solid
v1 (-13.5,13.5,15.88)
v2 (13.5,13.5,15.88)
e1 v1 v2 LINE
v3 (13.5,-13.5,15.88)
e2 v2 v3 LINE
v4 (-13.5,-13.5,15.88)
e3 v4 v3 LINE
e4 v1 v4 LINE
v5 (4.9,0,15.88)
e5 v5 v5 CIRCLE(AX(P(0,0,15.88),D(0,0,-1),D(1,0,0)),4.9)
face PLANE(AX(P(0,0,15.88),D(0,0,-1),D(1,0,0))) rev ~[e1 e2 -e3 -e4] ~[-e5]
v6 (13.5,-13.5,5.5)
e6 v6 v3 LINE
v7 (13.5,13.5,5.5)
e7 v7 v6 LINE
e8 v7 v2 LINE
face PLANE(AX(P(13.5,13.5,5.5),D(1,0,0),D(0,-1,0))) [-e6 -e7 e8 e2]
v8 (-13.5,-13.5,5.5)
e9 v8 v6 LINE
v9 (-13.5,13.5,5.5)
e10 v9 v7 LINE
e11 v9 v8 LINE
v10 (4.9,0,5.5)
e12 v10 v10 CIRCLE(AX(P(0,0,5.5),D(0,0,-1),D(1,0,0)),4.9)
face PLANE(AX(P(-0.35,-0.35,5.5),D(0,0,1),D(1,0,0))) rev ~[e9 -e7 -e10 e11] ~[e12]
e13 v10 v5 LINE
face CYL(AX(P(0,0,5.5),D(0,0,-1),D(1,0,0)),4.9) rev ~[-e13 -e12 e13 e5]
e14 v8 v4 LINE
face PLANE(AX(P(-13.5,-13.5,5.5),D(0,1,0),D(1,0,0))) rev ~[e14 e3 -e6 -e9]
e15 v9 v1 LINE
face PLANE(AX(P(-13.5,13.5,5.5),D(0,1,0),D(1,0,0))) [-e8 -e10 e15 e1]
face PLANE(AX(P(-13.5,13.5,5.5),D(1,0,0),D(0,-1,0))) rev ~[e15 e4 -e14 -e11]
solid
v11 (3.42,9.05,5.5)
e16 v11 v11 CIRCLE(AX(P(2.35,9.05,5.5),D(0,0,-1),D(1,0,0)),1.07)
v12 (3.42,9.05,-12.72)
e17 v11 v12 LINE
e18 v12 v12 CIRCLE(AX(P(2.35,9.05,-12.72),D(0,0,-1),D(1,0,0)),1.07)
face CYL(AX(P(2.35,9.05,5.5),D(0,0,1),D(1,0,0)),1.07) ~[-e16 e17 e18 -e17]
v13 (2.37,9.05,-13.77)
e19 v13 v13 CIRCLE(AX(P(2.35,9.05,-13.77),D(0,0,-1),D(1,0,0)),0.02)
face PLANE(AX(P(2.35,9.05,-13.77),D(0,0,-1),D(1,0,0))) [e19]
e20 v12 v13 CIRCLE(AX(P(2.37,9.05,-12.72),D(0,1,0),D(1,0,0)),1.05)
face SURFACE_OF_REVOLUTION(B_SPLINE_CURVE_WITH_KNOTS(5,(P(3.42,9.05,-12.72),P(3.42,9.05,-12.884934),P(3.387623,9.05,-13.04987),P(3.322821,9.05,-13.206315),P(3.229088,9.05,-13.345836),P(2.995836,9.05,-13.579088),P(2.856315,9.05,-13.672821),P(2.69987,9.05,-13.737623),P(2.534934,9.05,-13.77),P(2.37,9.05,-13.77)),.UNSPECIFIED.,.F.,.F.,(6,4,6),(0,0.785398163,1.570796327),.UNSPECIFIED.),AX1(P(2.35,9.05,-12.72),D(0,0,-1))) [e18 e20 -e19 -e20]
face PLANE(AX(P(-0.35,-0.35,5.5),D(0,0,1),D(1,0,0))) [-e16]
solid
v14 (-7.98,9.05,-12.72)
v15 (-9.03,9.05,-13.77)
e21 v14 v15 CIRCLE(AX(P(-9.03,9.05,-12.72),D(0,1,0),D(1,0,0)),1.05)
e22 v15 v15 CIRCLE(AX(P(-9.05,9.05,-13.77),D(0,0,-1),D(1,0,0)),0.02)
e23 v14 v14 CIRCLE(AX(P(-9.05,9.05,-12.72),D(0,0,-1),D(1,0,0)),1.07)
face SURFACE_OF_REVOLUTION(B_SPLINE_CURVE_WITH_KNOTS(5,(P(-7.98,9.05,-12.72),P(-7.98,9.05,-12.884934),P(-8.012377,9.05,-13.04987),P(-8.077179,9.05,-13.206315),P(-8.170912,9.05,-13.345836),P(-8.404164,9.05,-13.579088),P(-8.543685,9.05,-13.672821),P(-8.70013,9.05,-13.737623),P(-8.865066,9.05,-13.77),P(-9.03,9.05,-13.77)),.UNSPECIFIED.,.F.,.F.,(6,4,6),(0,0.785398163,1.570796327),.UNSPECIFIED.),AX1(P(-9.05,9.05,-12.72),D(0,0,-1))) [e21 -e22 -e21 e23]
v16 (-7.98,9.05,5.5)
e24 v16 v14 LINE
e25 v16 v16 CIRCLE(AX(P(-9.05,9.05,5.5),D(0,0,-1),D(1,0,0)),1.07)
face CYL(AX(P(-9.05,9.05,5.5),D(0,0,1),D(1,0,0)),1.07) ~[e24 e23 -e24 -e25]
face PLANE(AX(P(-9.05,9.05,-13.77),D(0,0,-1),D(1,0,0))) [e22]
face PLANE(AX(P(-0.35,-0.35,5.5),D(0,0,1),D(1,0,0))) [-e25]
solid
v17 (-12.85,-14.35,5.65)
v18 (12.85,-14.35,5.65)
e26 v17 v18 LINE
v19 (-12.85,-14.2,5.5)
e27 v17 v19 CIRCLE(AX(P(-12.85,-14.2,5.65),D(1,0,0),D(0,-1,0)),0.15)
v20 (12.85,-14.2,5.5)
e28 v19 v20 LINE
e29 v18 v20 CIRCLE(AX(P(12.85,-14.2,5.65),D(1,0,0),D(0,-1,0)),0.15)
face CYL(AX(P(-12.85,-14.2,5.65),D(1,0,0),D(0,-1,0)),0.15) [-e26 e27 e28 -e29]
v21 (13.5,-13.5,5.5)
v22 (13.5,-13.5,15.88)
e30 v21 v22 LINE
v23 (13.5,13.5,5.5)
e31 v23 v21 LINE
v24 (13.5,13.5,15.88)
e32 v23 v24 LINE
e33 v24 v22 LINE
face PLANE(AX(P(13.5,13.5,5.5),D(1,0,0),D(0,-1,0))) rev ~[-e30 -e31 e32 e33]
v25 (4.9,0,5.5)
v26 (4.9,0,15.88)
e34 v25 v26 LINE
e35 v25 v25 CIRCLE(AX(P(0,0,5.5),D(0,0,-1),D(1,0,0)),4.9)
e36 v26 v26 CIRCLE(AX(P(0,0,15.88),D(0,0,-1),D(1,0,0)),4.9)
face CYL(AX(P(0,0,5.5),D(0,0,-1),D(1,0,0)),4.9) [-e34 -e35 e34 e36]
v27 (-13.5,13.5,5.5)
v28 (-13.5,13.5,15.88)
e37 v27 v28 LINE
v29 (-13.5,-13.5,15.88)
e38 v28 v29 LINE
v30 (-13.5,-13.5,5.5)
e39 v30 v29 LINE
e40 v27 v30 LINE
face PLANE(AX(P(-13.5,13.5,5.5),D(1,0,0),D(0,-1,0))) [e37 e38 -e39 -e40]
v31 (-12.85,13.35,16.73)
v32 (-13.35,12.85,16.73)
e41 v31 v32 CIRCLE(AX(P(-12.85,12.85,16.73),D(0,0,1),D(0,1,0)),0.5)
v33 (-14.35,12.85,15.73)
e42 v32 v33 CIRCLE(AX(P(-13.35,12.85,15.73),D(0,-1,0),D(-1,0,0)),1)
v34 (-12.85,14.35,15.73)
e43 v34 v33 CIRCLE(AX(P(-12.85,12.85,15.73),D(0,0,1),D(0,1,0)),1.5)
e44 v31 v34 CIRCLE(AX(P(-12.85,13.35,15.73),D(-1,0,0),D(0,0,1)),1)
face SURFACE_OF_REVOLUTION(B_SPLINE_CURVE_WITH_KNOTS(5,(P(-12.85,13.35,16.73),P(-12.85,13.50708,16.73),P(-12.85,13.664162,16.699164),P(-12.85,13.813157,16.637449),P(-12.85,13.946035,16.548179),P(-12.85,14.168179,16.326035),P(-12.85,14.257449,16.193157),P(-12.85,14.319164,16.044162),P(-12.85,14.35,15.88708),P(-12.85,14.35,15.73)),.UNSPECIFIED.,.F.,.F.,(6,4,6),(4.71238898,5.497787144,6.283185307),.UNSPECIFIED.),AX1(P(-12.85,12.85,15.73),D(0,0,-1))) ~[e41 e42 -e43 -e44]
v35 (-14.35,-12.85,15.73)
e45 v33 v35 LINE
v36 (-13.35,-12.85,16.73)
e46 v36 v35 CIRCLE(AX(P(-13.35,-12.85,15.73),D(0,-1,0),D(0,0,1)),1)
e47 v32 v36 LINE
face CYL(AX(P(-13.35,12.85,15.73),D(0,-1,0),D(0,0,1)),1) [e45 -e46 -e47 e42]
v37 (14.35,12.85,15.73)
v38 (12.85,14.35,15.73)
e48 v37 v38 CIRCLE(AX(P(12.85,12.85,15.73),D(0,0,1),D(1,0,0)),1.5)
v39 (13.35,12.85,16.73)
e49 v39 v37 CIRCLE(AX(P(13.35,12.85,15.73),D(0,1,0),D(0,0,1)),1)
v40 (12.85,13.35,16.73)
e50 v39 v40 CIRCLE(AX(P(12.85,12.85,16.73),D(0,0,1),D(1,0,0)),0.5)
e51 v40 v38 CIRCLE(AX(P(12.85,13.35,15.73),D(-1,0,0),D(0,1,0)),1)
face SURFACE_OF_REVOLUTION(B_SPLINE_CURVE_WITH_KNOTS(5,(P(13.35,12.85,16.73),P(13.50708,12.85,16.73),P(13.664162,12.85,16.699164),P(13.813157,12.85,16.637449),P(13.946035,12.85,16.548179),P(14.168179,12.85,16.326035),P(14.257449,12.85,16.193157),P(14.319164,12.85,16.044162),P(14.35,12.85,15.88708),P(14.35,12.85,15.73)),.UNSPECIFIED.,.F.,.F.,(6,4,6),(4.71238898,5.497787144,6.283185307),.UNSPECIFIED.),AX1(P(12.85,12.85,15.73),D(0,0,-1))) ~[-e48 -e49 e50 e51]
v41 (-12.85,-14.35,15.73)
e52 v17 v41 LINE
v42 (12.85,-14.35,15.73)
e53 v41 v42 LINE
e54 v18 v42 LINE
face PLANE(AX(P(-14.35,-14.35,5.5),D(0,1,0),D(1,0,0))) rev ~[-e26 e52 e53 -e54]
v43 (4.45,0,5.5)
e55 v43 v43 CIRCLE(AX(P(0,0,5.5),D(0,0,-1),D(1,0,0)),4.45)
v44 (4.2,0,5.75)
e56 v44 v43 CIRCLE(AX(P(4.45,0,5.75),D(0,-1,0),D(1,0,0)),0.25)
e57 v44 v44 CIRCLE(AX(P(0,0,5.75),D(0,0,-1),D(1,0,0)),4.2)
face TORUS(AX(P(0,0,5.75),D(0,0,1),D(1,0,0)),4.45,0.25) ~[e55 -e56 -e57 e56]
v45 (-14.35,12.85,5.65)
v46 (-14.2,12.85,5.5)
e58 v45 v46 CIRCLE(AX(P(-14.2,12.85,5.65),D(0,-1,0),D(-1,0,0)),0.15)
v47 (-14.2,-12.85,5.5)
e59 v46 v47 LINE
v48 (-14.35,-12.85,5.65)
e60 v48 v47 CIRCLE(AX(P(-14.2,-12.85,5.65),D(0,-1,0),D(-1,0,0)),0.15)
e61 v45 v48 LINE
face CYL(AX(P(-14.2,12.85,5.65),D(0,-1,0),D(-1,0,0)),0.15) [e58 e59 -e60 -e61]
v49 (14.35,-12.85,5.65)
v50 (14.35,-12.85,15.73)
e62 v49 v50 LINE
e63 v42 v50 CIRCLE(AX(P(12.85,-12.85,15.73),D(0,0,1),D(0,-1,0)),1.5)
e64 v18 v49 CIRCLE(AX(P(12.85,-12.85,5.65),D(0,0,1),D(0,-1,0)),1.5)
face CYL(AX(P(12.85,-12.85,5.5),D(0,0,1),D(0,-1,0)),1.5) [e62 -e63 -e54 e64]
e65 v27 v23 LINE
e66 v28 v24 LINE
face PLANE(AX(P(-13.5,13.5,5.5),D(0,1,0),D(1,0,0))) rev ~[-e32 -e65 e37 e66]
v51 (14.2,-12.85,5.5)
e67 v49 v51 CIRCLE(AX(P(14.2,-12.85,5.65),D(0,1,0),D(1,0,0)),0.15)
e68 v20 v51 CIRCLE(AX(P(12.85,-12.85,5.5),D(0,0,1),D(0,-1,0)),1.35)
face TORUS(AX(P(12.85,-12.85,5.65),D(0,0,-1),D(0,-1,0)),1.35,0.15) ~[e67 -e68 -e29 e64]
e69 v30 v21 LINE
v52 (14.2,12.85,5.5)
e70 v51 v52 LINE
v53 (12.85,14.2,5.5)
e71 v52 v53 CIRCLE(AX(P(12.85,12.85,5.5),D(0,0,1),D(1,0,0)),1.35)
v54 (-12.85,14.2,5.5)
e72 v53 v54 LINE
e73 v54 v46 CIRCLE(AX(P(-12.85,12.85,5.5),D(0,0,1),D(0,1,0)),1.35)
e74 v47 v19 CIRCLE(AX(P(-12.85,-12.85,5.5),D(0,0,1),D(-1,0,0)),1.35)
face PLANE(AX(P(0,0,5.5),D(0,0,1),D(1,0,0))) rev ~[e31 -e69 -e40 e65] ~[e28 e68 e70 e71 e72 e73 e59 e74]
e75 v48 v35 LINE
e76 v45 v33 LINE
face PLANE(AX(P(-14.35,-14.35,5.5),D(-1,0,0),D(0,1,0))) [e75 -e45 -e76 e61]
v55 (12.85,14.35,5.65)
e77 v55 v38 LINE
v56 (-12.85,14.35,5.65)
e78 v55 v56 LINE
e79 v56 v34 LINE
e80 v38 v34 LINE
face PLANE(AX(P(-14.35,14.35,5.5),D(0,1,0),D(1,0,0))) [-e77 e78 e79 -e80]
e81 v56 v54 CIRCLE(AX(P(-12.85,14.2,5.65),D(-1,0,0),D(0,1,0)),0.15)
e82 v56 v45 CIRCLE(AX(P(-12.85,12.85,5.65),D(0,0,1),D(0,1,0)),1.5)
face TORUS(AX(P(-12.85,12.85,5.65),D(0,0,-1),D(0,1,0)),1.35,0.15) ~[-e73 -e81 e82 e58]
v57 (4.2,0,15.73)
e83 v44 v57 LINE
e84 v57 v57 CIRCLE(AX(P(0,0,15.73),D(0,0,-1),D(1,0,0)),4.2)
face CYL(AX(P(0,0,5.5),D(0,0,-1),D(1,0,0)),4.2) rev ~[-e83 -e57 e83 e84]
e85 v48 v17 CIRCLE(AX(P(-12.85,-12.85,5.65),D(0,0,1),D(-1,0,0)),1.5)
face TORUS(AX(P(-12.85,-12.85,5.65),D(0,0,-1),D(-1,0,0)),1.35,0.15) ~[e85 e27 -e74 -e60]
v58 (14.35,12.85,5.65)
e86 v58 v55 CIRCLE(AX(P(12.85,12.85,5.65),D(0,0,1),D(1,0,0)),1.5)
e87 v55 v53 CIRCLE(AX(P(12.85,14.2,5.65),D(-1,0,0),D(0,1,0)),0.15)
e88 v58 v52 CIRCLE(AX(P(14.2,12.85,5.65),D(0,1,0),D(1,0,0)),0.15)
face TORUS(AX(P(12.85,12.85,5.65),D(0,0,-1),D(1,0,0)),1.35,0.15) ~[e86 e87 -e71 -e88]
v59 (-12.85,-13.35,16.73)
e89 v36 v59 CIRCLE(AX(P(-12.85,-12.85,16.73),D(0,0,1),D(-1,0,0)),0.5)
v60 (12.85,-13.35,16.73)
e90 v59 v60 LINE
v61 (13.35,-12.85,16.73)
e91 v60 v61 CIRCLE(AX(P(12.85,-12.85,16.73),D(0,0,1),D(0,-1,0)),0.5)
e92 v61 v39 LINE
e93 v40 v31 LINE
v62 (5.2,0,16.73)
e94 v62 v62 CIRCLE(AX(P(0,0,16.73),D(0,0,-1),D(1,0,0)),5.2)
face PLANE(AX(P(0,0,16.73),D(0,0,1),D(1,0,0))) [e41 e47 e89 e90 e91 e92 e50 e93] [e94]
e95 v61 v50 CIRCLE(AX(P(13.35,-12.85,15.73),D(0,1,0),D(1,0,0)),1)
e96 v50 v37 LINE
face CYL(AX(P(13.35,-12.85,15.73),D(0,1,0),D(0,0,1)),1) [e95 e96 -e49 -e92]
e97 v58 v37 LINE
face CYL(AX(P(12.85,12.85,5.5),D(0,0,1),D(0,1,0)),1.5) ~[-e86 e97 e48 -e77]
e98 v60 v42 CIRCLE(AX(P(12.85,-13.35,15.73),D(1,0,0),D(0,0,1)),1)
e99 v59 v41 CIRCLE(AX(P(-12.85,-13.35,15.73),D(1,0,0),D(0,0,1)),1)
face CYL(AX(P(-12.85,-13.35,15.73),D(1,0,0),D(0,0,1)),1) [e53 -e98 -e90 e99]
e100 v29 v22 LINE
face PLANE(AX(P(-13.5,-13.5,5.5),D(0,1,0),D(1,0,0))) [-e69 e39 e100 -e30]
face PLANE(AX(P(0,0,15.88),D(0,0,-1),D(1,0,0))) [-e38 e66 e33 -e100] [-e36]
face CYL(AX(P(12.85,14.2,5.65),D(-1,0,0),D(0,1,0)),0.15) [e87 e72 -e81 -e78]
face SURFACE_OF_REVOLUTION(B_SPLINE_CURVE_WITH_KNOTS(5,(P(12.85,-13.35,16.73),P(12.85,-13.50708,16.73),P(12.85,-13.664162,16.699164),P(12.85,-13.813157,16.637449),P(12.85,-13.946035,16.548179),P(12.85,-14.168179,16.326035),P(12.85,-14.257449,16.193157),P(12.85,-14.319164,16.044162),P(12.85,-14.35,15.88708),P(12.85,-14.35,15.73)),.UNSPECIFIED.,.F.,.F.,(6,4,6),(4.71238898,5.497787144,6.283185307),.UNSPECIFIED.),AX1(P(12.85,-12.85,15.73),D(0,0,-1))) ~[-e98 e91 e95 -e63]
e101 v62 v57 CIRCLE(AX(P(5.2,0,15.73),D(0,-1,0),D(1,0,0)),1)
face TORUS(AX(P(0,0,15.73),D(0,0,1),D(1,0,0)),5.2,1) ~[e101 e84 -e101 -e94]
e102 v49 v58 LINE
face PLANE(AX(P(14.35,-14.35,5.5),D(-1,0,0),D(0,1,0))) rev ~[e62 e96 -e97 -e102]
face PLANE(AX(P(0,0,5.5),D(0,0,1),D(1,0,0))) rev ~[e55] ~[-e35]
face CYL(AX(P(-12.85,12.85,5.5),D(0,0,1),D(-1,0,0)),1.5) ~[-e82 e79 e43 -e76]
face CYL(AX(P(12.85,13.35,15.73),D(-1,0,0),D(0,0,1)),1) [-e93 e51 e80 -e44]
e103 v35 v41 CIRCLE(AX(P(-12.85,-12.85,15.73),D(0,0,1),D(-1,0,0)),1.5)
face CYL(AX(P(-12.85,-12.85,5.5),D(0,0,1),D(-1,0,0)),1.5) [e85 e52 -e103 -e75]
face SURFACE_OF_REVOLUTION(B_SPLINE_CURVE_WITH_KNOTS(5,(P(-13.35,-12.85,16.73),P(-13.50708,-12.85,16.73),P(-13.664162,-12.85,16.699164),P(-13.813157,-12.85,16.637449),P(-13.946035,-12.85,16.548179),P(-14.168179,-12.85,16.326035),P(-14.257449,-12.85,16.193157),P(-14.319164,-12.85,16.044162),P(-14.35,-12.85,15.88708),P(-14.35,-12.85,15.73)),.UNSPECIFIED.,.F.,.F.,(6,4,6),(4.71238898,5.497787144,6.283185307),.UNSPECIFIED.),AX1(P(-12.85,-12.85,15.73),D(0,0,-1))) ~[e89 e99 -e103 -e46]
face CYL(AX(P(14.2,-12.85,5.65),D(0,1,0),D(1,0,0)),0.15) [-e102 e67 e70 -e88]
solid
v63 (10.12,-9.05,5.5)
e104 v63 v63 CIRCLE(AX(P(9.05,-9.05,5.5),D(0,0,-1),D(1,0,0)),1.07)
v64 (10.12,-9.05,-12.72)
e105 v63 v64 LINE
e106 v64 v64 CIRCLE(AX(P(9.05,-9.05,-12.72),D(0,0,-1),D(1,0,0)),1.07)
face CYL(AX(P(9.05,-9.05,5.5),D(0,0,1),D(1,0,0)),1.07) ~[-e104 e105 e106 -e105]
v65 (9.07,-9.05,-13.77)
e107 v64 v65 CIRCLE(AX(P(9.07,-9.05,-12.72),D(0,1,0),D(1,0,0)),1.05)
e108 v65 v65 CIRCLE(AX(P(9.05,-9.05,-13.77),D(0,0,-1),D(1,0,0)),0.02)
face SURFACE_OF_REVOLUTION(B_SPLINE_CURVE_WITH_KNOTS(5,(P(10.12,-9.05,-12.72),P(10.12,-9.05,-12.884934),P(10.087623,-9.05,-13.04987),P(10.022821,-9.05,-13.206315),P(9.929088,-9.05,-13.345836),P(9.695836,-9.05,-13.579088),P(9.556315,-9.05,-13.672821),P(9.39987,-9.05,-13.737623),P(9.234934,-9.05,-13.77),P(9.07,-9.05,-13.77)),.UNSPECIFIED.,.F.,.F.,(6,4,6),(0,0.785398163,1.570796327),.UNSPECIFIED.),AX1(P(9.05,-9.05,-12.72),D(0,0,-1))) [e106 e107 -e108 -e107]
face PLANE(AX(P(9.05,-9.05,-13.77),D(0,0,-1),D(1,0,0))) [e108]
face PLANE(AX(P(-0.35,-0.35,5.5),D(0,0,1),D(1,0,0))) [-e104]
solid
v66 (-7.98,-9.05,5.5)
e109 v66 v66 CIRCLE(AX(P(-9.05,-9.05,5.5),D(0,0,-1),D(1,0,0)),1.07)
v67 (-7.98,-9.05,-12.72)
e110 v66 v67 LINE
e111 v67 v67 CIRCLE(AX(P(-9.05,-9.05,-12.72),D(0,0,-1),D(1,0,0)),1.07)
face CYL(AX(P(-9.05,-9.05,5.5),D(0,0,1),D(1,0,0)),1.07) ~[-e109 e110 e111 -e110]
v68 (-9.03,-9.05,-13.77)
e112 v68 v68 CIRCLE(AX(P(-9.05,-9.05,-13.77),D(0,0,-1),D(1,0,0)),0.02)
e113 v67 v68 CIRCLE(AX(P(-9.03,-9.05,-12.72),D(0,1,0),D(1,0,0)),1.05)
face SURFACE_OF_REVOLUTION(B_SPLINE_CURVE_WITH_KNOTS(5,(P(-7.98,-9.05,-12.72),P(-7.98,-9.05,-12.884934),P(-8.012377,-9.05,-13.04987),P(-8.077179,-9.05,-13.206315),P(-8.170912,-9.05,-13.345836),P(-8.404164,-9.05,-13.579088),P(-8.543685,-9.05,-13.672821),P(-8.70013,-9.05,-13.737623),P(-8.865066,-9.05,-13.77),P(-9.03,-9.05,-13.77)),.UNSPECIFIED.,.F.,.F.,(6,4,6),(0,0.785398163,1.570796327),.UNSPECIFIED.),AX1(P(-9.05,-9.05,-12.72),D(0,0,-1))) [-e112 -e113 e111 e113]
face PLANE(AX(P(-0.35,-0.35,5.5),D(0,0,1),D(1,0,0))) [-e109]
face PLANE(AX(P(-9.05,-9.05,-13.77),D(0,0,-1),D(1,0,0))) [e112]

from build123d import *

# Parameters (mm, degrees)
BOX_W           = 28.7
BOX_H           = 28.7
BOX_DEPTH       = 11.23
SKETCH_W        = 27
SKETCH_H        = 27
SKETCH_R        = 4.9
POCKET_DEPTH    = 10.38
BOX001_W        = 28
BOX001_H        = 28
BOX001_DEPTH    = 11
SKETCH002_R     = 1.07
PAD_DEPTH       = 19.27
FILLET004_R     = 1.05
FILLET005_R     = 1.05
FILLET006_R     = 1.05
FILLET007_R     = 1.05
POCKET001_DEPTH = 10.38
SKETCH001_R     = 4.2
POCKET002_DEPTH = 11.231
FILLET_R        = 1.5
FILLET001_R     = 1
FILLET002_R     = 1
FILLET003_R     = 0.15
FILLET008_R     = 0.25


with BuildPart() as kocka:
    # Box → Box (new body)
    with BuildSketch(Plane(origin=(-14.35, -14.35, 5.5), x_dir=(1, 0, 0), z_dir=(0, 0, 1))):
        with Locations((14.35, 14.35)):
            Rectangle(BOX_W, BOX_H)
    extrude(amount=BOX_DEPTH)


with BuildPart() as pocket:
    # Pocket base: copy of Kocka
    add(kocka.part)

    # Sketch → Pocket (cut)
    with BuildSketch(Plane(origin=(-14.35, -14.35, 5.5), x_dir=(1, 0, 0), z_dir=(0, 0, -1))):
        with Locations((14.35, -14.35)):
            Rectangle(SKETCH_W, SKETCH_H)
        with Locations((14.35, -14.35)):
            Circle(SKETCH_R, mode=Mode.SUBTRACT)
    extrude(amount=-POCKET_DEPTH, mode=Mode.SUBTRACT)


with BuildPart() as kocka001:
    # Box001 → Box001 (new body)
    with BuildSketch(Plane(origin=(-14.35, -14.35, 5.5), x_dir=(1, 0, 0), z_dir=(0, 0, 1))):
        with Locations((14, 14)):
            Rectangle(BOX001_W, BOX001_H)
    extrude(amount=BOX001_DEPTH)


with BuildPart() as fill001:
    # Cut001 base: copy of Kocka001
    add(kocka001.part)

    # Cut001: cut Pocket
    add(pocket.part, mode=Mode.SUBTRACT)


with BuildPart() as fill:
    # Cut base: copy of Kocka001
    add(kocka001.part)

    # Cut: cut Pocket
    add(pocket.part, mode=Mode.SUBTRACT)


with BuildPart() as pads:
    # Pad base: copy of Fill
    add(fill.part)

    # Sketch002 → Pad (new body)
    with BuildSketch(Plane(origin=(0, 0, 5.5), x_dir=(1, 0, 0), z_dir=(0, 0, -1))):
        with Locations((-9.05, 9.05)):
            Circle(SKETCH002_R)
        with Locations((9.05, 9.05)):
            Circle(SKETCH002_R)
        with Locations((-9.05, -9.05)):
            Circle(SKETCH002_R)
        with Locations((2.35, -9.05)):
            Circle(SKETCH002_R)
    extrude(amount=PAD_DEPTH)

    # Cut002: cut Fill
    add(fill.part, mode=Mode.SUBTRACT)

    # Fillet004
    fillet004_edges = [pads.edges().sort_by_distance(p)[0] for p in [
        (7.98, -9.05, -13.77),
    ]]
    fillet(fillet004_edges, radius=FILLET004_R)

    # Fillet005
    fillet005_edges = [pads.edges().sort_by_distance(p)[0] for p in [
        (-10.12, -9.05, -13.77),
    ]]
    fillet(fillet005_edges, radius=FILLET005_R)

    # Fillet006
    fillet006_edges = [pads.edges().sort_by_distance(p)[0] for p in [
        (1.28, 9.05, -13.77),
    ]]
    fillet(fillet006_edges, radius=FILLET006_R)

    # Fillet007
    fillet007_edges = [pads.edges().sort_by_distance(p)[0] for p in [
        (-10.12, 9.05, -13.77),
    ]]
    fillet(fillet007_edges, radius=FILLET007_R)


with BuildPart() as body:
    # Pocket001 base: copy of Kocka
    add(kocka.part)

    # Sketch → Pocket001 (cut)
    with BuildSketch(Plane(origin=(-14.35, -14.35, 5.5), x_dir=(1, 0, 0), z_dir=(0, 0, -1))):
        with Locations((14.35, -14.35)):
            Rectangle(SKETCH_W, SKETCH_H)
        with Locations((14.35, -14.35)):
            Circle(SKETCH_R, mode=Mode.SUBTRACT)
    extrude(amount=-POCKET001_DEPTH, mode=Mode.SUBTRACT)

    # Sketch001 → Pocket002 (cut, through all)
    with BuildSketch(Plane(origin=(-14.35, -14.35, 5.5), x_dir=(1, 0, 0), z_dir=(0, 0, -1))):
        with Locations((14.35, -14.35)):
            Circle(SKETCH001_R)
    extrude(amount=-POCKET002_DEPTH, mode=Mode.SUBTRACT)

    # Fillet
    fillet_edges = [body.edges().sort_by_distance(p)[0] for p in [
        (14.35, -14.35, 11.115),
        (14.35, 14.35, 11.115),
        (-14.35, 14.35, 11.115),
        (-14.35, -14.35, 11.115),
    ]]
    fillet(fillet_edges, radius=FILLET_R)

    # Fillet001
    fillet001_edges = [body.edges().sort_by_distance(p)[0] for p in [
        (0, -14.35, 16.73),
    ]]
    fillet(fillet001_edges, radius=FILLET001_R)

    # Fillet002
    fillet002_edges = [body.edges().sort_by_distance(p)[0] for p in [
        (-4.2, 0, 16.73),
    ]]
    fillet(fillet002_edges, radius=FILLET002_R)

    # Fillet003
    fillet003_edges = [body.edges().sort_by_distance(p)[0] for p in [
        (0, -14.35, 5.5),
    ]]
    fillet(fillet003_edges, radius=FILLET003_R)

    # Fillet008
    fillet008_edges = [body.edges().sort_by_distance(p)[0] for p in [
        (-4.2, 0, 5.5),
    ]]
    fillet(fillet008_edges, radius=FILLET008_R)


solid = Compound([fill001.part, pads.part, body.part])
